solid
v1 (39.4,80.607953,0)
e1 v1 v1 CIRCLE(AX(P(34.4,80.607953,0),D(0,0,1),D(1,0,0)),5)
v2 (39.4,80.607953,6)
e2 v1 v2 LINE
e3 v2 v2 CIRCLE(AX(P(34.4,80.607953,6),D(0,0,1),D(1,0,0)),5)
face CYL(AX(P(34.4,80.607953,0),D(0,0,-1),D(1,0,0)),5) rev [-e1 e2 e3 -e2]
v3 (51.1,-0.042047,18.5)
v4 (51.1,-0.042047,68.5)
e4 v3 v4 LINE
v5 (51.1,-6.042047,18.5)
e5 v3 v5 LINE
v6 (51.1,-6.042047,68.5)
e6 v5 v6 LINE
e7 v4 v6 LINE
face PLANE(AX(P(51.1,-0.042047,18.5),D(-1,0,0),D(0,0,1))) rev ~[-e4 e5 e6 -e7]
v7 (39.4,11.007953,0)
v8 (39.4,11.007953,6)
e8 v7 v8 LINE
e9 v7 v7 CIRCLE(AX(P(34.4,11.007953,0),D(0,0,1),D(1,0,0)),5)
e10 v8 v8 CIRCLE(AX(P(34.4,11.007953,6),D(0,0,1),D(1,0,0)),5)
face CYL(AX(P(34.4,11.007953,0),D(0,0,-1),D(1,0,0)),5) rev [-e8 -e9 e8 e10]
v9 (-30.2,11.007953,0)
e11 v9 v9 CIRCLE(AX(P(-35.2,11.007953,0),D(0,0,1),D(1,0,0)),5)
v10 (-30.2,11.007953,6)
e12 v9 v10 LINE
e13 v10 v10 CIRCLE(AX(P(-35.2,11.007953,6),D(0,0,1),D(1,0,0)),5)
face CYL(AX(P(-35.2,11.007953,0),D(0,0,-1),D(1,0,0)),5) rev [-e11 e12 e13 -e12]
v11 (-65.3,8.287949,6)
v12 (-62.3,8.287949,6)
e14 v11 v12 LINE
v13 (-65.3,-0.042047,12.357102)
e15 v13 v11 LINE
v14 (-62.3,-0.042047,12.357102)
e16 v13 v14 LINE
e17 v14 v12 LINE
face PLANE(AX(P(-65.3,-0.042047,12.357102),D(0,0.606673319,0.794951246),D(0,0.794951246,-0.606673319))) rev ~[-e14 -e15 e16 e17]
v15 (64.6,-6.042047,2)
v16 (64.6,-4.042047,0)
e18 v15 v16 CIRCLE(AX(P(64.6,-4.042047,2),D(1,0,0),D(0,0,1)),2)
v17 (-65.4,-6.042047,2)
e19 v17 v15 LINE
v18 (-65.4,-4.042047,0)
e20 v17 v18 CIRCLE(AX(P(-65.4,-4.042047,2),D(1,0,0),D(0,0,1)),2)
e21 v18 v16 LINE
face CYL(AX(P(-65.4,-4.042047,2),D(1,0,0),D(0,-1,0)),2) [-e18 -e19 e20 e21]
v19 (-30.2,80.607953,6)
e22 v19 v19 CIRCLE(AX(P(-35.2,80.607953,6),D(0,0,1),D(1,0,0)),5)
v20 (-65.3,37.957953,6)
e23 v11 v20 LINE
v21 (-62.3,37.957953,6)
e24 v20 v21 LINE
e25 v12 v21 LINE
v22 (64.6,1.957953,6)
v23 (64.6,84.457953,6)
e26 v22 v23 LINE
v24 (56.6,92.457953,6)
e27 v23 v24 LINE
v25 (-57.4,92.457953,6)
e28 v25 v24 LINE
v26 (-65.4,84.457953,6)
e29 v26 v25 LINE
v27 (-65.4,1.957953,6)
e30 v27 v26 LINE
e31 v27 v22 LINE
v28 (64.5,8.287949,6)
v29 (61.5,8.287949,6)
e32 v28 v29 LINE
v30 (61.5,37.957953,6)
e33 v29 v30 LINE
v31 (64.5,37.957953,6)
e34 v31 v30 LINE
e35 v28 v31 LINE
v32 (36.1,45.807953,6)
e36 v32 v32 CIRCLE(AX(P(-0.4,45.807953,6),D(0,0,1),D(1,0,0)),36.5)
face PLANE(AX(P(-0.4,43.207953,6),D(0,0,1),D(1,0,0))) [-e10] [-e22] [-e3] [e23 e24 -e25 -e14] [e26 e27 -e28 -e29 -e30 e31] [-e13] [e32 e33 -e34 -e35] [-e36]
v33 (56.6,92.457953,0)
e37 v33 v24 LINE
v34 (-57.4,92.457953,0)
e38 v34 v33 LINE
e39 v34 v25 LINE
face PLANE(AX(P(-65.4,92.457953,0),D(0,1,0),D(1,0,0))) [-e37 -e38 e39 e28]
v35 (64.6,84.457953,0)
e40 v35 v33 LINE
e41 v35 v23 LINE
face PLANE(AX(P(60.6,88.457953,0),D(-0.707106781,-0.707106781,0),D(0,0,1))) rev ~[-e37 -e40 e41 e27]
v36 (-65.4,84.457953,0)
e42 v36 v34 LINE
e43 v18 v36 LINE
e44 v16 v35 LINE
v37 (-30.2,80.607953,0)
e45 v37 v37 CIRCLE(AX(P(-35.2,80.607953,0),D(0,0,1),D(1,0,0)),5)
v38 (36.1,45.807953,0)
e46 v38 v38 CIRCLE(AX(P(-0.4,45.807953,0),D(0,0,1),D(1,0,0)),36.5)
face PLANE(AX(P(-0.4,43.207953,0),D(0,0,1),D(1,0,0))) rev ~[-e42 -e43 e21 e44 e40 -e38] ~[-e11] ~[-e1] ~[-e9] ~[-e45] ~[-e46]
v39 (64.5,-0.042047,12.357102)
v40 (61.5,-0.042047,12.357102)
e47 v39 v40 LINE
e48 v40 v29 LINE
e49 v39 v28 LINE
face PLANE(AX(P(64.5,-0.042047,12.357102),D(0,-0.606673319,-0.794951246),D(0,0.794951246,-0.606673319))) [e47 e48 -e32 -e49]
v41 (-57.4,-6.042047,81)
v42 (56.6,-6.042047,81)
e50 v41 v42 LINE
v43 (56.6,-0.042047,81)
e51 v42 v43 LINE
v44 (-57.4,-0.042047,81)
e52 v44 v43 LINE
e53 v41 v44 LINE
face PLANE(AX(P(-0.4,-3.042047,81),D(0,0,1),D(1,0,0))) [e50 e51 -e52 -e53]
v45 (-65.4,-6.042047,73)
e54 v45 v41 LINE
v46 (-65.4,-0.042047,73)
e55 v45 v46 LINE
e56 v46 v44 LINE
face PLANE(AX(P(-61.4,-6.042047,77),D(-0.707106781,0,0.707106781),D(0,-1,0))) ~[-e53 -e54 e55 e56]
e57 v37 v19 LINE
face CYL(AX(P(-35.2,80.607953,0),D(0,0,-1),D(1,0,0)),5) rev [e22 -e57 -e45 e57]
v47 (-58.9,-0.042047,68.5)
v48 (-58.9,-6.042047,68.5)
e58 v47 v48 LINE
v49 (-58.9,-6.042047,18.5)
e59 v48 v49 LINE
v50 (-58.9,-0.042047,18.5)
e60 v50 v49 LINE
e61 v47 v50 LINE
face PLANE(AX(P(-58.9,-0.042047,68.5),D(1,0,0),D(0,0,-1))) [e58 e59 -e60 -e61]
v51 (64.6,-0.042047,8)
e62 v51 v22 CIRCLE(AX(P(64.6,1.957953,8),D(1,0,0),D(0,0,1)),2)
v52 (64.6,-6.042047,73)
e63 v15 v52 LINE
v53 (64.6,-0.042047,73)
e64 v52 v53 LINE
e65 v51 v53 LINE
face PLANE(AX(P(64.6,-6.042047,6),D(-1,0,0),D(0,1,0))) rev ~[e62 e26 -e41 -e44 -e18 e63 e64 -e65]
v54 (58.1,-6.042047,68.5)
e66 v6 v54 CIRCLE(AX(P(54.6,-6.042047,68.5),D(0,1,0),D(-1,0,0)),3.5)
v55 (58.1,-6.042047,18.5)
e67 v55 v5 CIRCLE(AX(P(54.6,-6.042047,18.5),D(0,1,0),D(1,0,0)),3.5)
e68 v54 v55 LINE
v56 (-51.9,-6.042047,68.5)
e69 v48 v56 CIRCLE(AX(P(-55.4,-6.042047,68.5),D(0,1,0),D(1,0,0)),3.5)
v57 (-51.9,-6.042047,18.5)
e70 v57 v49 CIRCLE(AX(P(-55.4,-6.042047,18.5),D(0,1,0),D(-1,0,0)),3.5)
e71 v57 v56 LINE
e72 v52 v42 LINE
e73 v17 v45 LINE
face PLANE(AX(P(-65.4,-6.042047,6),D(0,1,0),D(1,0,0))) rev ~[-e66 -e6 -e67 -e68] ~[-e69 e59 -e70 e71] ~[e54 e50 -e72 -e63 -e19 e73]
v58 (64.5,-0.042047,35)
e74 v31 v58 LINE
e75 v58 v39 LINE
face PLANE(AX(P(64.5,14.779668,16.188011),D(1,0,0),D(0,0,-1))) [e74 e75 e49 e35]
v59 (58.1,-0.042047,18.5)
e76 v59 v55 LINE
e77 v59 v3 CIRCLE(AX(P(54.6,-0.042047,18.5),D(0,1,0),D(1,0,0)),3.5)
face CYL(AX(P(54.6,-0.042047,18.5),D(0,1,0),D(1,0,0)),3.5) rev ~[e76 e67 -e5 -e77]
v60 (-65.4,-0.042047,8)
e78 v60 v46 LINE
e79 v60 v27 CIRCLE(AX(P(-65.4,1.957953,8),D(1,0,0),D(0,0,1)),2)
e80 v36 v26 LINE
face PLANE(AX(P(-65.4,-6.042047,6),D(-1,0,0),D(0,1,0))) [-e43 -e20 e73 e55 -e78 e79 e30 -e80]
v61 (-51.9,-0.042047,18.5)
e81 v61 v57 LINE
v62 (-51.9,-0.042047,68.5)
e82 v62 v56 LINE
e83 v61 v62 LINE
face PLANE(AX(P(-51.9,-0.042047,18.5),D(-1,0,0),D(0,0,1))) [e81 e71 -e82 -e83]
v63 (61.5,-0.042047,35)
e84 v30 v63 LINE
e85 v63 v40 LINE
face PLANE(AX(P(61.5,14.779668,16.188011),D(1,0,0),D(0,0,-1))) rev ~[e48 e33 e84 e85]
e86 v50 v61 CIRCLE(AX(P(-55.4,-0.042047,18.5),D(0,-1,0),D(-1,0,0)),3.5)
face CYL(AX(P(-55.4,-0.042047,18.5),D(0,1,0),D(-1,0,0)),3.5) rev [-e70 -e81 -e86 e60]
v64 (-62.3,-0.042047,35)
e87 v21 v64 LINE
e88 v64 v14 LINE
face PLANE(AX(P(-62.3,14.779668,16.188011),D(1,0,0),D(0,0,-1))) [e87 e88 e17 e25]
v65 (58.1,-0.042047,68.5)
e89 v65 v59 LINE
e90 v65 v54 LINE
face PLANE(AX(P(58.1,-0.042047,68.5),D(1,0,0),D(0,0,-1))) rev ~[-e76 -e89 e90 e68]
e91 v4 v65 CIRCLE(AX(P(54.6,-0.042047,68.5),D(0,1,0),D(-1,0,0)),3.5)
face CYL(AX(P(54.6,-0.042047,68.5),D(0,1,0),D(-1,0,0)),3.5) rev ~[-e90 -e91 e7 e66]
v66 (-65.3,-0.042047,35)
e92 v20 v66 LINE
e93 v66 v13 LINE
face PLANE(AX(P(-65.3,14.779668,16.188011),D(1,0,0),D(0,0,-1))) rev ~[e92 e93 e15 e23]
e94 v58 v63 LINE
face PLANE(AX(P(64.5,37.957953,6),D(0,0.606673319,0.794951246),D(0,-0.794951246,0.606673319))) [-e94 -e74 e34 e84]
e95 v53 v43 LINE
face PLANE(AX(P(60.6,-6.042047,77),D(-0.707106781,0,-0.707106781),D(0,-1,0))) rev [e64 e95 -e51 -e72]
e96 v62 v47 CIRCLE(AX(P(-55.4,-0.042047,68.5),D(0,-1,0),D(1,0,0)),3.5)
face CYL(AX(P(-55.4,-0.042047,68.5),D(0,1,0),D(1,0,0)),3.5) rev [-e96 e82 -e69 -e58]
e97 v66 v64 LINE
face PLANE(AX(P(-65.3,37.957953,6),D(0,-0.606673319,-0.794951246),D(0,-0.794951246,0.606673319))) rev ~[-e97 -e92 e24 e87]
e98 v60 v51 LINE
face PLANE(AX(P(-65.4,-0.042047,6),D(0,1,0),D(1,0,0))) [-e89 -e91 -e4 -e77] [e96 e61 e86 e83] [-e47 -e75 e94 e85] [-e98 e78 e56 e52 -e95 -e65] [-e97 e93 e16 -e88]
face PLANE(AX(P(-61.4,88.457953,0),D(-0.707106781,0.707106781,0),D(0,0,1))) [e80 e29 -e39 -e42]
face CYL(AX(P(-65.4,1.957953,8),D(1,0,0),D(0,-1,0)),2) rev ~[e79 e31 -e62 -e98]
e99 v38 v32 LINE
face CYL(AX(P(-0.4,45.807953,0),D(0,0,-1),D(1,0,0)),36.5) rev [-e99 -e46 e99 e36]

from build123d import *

# Parameters (mm, degrees)
SKETCH1_W           = 130
SKETCH1_H           = 98.5
SKETCH1_R           = 36.5
SKETCH1_R_2         = 5
BOSS_EXTRUDE1_DEPTH = 6
SKETCH2_W           = 130
SKETCH2_H           = 6
BOSS_EXTRUDE2_DEPTH = 75
CHAMFER1_SIZE       = 8
CUT_EXTRUDE1_DEPTH  = 7
BOSS_EXTRUDE3_START = -0.1
BOSS_EXTRUDE3_DEPTH = 3
BOSS_EXTRUDE4_START = -0.1
BOSS_EXTRUDE4_DEPTH = 3
FILLET1_R           = 2


with BuildPart() as part:
    # Sketch1 → Boss-Extrude1 (new body)
    with BuildSketch(Plane.XY):
        with Locations((-0.4, 43.207953426)):
            Rectangle(SKETCH1_W, SKETCH1_H)
        with Locations((-0.4, 45.807953426)):
            Circle(SKETCH1_R, mode=Mode.SUBTRACT)
        with Locations((-35.2, 80.607953426)):
            Circle(SKETCH1_R_2, mode=Mode.SUBTRACT)
        with Locations((34.4, 80.607953426)):
            Circle(SKETCH1_R_2, mode=Mode.SUBTRACT)
        with Locations((34.4, 11.007953426)):
            Circle(SKETCH1_R_2, mode=Mode.SUBTRACT)
        with Locations((-35.2, 11.007953426)):
            Circle(SKETCH1_R_2, mode=Mode.SUBTRACT)
    extrude(amount=BOSS_EXTRUDE1_DEPTH)

    # Sketch2 → Boss-Extrude2 (add)
    with BuildSketch(Plane.XY.offset(6)):
        with Locations((-0.4, -3.042046574)):
            Rectangle(SKETCH2_W, SKETCH2_H)
    extrude(amount=BOSS_EXTRUDE2_DEPTH)

    # Chamfer1
    chamfer1_edges = [part.edges().sort_by_distance(p)[0] for p in [
        (-65.4, -3.042046574, 81),
        (64.6, -3.042046574, 81),
        (-65.4, 92.457953426, 3),
        (64.6, 92.457953426, 3),
    ]]
    chamfer(chamfer1_edges, length=CHAMFER1_SIZE)

    # Sketch3 → Cut-Extrude1 (cut, through all)
    with BuildSketch(Plane(origin=(0, -0.042046574, 0), x_dir=(1, 0, 0), z_dir=(0, 1, 0))):
        with BuildLine():
            Line((-58.9, -68.5), (-58.9, -18.5))
            ThreePointArc((-58.9, -18.5), (-55.4, -15), (-51.9, -18.5))
            Line((-51.9, -18.5), (-51.9, -68.5))
            ThreePointArc((-51.9, -68.5), (-55.4, -72), (-58.9, -68.5))
        make_face()
        with BuildLine():
            Line((58.1, -68.5), (58.1, -18.5))
            ThreePointArc((58.1, -18.5), (54.6, -15), (51.1, -18.5))
            Line((51.1, -18.5), (51.1, -68.5))
            ThreePointArc((51.1, -68.5), (54.6, -72), (58.1, -68.5))
        make_face()
    extrude(amount=-CUT_EXTRUDE1_DEPTH, mode=Mode.SUBTRACT)

    # Sketch4 → Boss-Extrude3 (add)
    with BuildSketch(Plane.ZY.offset(65.4).offset(BOSS_EXTRUDE3_START)):
        Polygon((6, 37.957953426), (35, -0.042046574), (12.357101974, -0.042046574), (6, 8.287949116), align=None)
    extrude(amount=-BOSS_EXTRUDE3_DEPTH)

    # Sketch5 → Boss-Extrude4 (add)
    with BuildSketch(Plane(origin=(64.6, 0, 0), x_dir=(0, 0, -1), z_dir=(1, 0, 0)).offset(BOSS_EXTRUDE4_START)):
        Polygon((-6, 8.287949116), (-6, 37.957953426), (-35, -0.042046574), (-12.357101974, -0.042046574), align=None)
    extrude(amount=-BOSS_EXTRUDE4_DEPTH)

    # Fillet1
    fillet1_edges = [part.edges().sort_by_distance(p)[0] for p in [
        (-0.4, -0.042046574, 6),
        (-0.4, -6.042046574, 0),
    ]]
    fillet(fillet1_edges, radius=FILLET1_R)


solid = part.part
